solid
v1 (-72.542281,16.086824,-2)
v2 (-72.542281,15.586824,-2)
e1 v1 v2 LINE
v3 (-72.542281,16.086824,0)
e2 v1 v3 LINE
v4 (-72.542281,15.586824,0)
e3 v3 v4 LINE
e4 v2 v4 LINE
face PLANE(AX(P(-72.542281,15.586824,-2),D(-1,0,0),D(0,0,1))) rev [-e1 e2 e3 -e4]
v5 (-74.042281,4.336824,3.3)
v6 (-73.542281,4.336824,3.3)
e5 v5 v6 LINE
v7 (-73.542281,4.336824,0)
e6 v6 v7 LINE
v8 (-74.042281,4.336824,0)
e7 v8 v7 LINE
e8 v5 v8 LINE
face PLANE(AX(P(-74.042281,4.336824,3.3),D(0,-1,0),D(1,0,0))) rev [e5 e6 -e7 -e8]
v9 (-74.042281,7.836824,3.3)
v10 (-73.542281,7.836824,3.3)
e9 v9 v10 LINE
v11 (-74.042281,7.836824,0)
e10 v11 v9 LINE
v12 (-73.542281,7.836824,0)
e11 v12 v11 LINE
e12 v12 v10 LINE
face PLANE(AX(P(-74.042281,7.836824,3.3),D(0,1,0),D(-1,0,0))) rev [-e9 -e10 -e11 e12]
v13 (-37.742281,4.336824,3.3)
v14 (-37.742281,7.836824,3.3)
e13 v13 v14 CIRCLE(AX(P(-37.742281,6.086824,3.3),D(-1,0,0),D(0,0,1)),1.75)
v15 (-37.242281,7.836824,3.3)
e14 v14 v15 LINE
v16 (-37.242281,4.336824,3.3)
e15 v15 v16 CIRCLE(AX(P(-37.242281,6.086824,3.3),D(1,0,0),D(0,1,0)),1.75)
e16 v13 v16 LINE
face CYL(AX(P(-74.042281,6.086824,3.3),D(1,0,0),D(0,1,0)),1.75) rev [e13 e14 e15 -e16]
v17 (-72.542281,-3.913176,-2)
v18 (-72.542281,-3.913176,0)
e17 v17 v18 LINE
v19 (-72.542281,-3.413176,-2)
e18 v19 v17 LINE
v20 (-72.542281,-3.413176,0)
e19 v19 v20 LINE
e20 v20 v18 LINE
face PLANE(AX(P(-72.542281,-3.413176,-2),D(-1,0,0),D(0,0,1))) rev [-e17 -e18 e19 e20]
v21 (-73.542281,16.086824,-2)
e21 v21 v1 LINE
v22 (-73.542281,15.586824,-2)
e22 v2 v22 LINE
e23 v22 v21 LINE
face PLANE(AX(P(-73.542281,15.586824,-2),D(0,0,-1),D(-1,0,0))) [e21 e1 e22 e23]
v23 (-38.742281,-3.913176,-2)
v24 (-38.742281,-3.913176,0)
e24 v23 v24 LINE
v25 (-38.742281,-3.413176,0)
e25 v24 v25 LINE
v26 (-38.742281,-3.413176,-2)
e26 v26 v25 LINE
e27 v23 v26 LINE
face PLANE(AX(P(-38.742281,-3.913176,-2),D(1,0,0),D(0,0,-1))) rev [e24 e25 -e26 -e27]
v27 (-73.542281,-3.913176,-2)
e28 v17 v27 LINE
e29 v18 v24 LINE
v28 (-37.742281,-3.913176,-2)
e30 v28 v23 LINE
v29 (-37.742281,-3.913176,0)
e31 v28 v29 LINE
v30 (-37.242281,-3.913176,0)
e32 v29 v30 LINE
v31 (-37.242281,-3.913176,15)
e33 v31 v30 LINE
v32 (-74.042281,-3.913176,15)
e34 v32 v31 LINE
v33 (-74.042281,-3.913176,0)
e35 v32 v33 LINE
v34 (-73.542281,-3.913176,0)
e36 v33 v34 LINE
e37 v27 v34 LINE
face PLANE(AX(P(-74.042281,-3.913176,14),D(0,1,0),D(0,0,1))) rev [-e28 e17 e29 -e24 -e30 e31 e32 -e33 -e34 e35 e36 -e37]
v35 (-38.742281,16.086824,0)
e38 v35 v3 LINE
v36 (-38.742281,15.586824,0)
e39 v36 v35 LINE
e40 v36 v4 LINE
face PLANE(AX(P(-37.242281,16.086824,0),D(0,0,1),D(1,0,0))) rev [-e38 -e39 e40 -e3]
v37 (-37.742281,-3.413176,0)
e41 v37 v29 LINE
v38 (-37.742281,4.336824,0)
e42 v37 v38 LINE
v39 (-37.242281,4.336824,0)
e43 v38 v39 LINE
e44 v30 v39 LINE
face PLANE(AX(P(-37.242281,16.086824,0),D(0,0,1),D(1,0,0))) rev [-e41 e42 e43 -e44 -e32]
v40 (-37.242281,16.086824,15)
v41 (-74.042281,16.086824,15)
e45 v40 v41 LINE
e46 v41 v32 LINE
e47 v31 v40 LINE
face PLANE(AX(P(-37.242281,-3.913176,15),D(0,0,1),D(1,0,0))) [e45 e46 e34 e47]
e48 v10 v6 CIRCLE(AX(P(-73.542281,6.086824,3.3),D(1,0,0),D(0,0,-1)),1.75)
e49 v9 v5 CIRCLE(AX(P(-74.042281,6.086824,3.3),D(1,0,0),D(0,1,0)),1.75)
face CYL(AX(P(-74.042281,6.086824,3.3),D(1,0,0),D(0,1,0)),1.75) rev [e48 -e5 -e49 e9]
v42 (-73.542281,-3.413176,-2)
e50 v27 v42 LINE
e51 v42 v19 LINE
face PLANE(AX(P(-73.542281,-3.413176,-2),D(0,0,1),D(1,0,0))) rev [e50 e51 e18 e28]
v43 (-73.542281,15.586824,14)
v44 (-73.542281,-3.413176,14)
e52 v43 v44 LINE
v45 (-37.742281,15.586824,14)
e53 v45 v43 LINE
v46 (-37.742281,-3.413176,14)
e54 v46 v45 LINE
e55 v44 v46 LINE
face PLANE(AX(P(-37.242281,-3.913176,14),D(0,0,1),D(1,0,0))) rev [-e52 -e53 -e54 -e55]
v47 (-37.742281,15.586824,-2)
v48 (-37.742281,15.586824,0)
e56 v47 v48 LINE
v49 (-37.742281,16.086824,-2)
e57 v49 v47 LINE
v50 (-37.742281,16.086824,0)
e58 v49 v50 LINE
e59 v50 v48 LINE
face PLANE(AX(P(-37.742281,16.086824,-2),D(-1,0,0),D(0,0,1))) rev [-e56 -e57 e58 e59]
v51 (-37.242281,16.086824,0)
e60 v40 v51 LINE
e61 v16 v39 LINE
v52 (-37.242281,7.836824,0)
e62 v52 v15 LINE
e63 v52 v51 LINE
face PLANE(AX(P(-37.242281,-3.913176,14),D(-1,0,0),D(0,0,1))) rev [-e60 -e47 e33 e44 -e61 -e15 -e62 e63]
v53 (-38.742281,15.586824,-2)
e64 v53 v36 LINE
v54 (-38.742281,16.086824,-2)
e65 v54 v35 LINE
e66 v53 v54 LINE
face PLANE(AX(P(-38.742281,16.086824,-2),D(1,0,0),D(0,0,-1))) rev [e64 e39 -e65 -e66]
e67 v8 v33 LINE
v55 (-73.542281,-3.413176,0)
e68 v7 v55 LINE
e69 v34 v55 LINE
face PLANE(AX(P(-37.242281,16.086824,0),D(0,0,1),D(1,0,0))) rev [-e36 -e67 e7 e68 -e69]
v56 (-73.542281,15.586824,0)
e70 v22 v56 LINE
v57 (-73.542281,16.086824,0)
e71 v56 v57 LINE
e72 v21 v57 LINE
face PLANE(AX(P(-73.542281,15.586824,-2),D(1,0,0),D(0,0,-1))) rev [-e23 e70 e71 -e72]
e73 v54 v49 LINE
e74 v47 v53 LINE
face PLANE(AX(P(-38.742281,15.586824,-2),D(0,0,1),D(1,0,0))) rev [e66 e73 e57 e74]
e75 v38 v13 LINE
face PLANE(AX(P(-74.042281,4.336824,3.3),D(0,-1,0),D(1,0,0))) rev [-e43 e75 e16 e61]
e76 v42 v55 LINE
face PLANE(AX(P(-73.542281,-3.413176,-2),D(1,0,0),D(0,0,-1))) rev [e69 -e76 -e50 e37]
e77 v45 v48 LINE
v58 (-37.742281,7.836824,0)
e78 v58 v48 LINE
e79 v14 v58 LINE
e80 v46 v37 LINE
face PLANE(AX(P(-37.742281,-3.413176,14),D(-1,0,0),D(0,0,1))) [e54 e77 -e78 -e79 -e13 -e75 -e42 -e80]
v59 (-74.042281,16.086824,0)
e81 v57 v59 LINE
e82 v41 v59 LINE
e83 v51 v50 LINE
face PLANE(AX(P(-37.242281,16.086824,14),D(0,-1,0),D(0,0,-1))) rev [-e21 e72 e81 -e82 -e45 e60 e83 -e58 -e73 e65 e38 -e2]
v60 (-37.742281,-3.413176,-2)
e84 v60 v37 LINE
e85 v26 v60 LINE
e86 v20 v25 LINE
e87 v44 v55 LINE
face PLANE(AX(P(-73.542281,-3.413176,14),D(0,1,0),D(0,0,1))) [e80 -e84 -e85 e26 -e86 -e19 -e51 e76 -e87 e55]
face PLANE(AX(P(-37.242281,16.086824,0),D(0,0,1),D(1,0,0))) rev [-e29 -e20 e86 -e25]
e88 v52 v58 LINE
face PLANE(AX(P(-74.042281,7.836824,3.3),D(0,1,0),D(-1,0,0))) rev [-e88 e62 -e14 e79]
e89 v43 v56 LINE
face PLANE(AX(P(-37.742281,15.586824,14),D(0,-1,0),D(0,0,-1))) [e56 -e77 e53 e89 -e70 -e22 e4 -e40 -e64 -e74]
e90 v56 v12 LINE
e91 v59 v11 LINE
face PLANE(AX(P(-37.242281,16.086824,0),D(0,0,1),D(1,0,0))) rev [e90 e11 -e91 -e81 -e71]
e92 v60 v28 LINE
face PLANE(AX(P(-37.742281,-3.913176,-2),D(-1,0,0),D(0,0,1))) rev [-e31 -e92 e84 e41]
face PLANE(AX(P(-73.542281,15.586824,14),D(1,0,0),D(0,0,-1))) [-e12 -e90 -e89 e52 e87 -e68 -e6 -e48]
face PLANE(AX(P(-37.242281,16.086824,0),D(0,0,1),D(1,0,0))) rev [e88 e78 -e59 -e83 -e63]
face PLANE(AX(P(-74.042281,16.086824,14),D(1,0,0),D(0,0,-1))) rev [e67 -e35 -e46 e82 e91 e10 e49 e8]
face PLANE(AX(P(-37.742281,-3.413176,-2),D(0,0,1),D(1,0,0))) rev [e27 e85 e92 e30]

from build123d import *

# Parameters (mm, degrees)
ESQUISSE1_W             = 36.8
ESQUISSE1_H             = 20
ESQUISSE1_W_2           = 35.8
ESQUISSE1_H_2           = 19
BASE_EXTRUSION_DEPTH    = 14
ESQUISSE2_W             = 36.8
ESQUISSE2_H             = 20
BOSS_EXTRU_1_DEPTH      = 1
ENL_V_MAT_EXTRU_1_DEPTH = 43.872204303
ESQUISSE4_W             = 1
ESQUISSE4_H             = 0.5
BOSS_EXTRU_2_DEPTH      = 2


with BuildPart() as part:
    # Esquisse1 → Base-Extrusion (new body)
    with BuildSketch(Plane.XY):
        with Locations((-55.64228109, 6.086823856)):
            Rectangle(ESQUISSE1_W, ESQUISSE1_H)
        with Locations((-55.64228109, 6.086823856)):
            Rectangle(ESQUISSE1_W_2, ESQUISSE1_H_2, mode=Mode.SUBTRACT)
    extrude(amount=BASE_EXTRUSION_DEPTH)

    # Esquisse2 → Boss.-Extru.1 (add)
    with BuildSketch(Plane.XY.offset(14)):
        with Locations((-55.64228109, 6.086823856)):
            Rectangle(ESQUISSE2_W, ESQUISSE2_H)
    extrude(amount=BOSS_EXTRU_1_DEPTH)

    # Esquisse3 → Enlèv. mat.-Extru.1 (cut, through all)
    with BuildSketch(Plane(origin=(-37.24228109, 0, 0), x_dir=(0, 0, -1), z_dir=(1, 0, 0))):
        with BuildLine():
            Line((0.67598994, 7.836823856), (0.67598994, 4.336823856))
            Line((0.67598994, 4.336823856), (-3.3, 4.336823856))
            ThreePointArc((-3.3, 4.336823856), (-5.05, 6.086823856), (-3.3, 7.836823856))
            Line((-3.3, 7.836823856), (0.67598994, 7.836823856))
        make_face()
    extrude(amount=-ENL_V_MAT_EXTRU_1_DEPTH, mode=Mode.SUBTRACT)

    # Esquisse4 → Boss.-Extru.2 (add)
    with BuildSketch(Plane(origin=(0, 0, 0), x_dir=(-1, 0, 0), z_dir=(0, 0, -1))):
        with Locations((38.24228109, 15.836823856)):
            Rectangle(ESQUISSE4_W, ESQUISSE4_H)
        with Locations((73.04228109, 15.836823856)):
            Rectangle(ESQUISSE4_W, ESQUISSE4_H)
        with Locations((73.04228109, -3.663176144)):
            Rectangle(ESQUISSE4_W, ESQUISSE4_H)
        with Locations((38.24228109, -3.663176144)):
            Rectangle(ESQUISSE4_W, ESQUISSE4_H)
    extrude(amount=BOSS_EXTRU_2_DEPTH)


solid = part.part
